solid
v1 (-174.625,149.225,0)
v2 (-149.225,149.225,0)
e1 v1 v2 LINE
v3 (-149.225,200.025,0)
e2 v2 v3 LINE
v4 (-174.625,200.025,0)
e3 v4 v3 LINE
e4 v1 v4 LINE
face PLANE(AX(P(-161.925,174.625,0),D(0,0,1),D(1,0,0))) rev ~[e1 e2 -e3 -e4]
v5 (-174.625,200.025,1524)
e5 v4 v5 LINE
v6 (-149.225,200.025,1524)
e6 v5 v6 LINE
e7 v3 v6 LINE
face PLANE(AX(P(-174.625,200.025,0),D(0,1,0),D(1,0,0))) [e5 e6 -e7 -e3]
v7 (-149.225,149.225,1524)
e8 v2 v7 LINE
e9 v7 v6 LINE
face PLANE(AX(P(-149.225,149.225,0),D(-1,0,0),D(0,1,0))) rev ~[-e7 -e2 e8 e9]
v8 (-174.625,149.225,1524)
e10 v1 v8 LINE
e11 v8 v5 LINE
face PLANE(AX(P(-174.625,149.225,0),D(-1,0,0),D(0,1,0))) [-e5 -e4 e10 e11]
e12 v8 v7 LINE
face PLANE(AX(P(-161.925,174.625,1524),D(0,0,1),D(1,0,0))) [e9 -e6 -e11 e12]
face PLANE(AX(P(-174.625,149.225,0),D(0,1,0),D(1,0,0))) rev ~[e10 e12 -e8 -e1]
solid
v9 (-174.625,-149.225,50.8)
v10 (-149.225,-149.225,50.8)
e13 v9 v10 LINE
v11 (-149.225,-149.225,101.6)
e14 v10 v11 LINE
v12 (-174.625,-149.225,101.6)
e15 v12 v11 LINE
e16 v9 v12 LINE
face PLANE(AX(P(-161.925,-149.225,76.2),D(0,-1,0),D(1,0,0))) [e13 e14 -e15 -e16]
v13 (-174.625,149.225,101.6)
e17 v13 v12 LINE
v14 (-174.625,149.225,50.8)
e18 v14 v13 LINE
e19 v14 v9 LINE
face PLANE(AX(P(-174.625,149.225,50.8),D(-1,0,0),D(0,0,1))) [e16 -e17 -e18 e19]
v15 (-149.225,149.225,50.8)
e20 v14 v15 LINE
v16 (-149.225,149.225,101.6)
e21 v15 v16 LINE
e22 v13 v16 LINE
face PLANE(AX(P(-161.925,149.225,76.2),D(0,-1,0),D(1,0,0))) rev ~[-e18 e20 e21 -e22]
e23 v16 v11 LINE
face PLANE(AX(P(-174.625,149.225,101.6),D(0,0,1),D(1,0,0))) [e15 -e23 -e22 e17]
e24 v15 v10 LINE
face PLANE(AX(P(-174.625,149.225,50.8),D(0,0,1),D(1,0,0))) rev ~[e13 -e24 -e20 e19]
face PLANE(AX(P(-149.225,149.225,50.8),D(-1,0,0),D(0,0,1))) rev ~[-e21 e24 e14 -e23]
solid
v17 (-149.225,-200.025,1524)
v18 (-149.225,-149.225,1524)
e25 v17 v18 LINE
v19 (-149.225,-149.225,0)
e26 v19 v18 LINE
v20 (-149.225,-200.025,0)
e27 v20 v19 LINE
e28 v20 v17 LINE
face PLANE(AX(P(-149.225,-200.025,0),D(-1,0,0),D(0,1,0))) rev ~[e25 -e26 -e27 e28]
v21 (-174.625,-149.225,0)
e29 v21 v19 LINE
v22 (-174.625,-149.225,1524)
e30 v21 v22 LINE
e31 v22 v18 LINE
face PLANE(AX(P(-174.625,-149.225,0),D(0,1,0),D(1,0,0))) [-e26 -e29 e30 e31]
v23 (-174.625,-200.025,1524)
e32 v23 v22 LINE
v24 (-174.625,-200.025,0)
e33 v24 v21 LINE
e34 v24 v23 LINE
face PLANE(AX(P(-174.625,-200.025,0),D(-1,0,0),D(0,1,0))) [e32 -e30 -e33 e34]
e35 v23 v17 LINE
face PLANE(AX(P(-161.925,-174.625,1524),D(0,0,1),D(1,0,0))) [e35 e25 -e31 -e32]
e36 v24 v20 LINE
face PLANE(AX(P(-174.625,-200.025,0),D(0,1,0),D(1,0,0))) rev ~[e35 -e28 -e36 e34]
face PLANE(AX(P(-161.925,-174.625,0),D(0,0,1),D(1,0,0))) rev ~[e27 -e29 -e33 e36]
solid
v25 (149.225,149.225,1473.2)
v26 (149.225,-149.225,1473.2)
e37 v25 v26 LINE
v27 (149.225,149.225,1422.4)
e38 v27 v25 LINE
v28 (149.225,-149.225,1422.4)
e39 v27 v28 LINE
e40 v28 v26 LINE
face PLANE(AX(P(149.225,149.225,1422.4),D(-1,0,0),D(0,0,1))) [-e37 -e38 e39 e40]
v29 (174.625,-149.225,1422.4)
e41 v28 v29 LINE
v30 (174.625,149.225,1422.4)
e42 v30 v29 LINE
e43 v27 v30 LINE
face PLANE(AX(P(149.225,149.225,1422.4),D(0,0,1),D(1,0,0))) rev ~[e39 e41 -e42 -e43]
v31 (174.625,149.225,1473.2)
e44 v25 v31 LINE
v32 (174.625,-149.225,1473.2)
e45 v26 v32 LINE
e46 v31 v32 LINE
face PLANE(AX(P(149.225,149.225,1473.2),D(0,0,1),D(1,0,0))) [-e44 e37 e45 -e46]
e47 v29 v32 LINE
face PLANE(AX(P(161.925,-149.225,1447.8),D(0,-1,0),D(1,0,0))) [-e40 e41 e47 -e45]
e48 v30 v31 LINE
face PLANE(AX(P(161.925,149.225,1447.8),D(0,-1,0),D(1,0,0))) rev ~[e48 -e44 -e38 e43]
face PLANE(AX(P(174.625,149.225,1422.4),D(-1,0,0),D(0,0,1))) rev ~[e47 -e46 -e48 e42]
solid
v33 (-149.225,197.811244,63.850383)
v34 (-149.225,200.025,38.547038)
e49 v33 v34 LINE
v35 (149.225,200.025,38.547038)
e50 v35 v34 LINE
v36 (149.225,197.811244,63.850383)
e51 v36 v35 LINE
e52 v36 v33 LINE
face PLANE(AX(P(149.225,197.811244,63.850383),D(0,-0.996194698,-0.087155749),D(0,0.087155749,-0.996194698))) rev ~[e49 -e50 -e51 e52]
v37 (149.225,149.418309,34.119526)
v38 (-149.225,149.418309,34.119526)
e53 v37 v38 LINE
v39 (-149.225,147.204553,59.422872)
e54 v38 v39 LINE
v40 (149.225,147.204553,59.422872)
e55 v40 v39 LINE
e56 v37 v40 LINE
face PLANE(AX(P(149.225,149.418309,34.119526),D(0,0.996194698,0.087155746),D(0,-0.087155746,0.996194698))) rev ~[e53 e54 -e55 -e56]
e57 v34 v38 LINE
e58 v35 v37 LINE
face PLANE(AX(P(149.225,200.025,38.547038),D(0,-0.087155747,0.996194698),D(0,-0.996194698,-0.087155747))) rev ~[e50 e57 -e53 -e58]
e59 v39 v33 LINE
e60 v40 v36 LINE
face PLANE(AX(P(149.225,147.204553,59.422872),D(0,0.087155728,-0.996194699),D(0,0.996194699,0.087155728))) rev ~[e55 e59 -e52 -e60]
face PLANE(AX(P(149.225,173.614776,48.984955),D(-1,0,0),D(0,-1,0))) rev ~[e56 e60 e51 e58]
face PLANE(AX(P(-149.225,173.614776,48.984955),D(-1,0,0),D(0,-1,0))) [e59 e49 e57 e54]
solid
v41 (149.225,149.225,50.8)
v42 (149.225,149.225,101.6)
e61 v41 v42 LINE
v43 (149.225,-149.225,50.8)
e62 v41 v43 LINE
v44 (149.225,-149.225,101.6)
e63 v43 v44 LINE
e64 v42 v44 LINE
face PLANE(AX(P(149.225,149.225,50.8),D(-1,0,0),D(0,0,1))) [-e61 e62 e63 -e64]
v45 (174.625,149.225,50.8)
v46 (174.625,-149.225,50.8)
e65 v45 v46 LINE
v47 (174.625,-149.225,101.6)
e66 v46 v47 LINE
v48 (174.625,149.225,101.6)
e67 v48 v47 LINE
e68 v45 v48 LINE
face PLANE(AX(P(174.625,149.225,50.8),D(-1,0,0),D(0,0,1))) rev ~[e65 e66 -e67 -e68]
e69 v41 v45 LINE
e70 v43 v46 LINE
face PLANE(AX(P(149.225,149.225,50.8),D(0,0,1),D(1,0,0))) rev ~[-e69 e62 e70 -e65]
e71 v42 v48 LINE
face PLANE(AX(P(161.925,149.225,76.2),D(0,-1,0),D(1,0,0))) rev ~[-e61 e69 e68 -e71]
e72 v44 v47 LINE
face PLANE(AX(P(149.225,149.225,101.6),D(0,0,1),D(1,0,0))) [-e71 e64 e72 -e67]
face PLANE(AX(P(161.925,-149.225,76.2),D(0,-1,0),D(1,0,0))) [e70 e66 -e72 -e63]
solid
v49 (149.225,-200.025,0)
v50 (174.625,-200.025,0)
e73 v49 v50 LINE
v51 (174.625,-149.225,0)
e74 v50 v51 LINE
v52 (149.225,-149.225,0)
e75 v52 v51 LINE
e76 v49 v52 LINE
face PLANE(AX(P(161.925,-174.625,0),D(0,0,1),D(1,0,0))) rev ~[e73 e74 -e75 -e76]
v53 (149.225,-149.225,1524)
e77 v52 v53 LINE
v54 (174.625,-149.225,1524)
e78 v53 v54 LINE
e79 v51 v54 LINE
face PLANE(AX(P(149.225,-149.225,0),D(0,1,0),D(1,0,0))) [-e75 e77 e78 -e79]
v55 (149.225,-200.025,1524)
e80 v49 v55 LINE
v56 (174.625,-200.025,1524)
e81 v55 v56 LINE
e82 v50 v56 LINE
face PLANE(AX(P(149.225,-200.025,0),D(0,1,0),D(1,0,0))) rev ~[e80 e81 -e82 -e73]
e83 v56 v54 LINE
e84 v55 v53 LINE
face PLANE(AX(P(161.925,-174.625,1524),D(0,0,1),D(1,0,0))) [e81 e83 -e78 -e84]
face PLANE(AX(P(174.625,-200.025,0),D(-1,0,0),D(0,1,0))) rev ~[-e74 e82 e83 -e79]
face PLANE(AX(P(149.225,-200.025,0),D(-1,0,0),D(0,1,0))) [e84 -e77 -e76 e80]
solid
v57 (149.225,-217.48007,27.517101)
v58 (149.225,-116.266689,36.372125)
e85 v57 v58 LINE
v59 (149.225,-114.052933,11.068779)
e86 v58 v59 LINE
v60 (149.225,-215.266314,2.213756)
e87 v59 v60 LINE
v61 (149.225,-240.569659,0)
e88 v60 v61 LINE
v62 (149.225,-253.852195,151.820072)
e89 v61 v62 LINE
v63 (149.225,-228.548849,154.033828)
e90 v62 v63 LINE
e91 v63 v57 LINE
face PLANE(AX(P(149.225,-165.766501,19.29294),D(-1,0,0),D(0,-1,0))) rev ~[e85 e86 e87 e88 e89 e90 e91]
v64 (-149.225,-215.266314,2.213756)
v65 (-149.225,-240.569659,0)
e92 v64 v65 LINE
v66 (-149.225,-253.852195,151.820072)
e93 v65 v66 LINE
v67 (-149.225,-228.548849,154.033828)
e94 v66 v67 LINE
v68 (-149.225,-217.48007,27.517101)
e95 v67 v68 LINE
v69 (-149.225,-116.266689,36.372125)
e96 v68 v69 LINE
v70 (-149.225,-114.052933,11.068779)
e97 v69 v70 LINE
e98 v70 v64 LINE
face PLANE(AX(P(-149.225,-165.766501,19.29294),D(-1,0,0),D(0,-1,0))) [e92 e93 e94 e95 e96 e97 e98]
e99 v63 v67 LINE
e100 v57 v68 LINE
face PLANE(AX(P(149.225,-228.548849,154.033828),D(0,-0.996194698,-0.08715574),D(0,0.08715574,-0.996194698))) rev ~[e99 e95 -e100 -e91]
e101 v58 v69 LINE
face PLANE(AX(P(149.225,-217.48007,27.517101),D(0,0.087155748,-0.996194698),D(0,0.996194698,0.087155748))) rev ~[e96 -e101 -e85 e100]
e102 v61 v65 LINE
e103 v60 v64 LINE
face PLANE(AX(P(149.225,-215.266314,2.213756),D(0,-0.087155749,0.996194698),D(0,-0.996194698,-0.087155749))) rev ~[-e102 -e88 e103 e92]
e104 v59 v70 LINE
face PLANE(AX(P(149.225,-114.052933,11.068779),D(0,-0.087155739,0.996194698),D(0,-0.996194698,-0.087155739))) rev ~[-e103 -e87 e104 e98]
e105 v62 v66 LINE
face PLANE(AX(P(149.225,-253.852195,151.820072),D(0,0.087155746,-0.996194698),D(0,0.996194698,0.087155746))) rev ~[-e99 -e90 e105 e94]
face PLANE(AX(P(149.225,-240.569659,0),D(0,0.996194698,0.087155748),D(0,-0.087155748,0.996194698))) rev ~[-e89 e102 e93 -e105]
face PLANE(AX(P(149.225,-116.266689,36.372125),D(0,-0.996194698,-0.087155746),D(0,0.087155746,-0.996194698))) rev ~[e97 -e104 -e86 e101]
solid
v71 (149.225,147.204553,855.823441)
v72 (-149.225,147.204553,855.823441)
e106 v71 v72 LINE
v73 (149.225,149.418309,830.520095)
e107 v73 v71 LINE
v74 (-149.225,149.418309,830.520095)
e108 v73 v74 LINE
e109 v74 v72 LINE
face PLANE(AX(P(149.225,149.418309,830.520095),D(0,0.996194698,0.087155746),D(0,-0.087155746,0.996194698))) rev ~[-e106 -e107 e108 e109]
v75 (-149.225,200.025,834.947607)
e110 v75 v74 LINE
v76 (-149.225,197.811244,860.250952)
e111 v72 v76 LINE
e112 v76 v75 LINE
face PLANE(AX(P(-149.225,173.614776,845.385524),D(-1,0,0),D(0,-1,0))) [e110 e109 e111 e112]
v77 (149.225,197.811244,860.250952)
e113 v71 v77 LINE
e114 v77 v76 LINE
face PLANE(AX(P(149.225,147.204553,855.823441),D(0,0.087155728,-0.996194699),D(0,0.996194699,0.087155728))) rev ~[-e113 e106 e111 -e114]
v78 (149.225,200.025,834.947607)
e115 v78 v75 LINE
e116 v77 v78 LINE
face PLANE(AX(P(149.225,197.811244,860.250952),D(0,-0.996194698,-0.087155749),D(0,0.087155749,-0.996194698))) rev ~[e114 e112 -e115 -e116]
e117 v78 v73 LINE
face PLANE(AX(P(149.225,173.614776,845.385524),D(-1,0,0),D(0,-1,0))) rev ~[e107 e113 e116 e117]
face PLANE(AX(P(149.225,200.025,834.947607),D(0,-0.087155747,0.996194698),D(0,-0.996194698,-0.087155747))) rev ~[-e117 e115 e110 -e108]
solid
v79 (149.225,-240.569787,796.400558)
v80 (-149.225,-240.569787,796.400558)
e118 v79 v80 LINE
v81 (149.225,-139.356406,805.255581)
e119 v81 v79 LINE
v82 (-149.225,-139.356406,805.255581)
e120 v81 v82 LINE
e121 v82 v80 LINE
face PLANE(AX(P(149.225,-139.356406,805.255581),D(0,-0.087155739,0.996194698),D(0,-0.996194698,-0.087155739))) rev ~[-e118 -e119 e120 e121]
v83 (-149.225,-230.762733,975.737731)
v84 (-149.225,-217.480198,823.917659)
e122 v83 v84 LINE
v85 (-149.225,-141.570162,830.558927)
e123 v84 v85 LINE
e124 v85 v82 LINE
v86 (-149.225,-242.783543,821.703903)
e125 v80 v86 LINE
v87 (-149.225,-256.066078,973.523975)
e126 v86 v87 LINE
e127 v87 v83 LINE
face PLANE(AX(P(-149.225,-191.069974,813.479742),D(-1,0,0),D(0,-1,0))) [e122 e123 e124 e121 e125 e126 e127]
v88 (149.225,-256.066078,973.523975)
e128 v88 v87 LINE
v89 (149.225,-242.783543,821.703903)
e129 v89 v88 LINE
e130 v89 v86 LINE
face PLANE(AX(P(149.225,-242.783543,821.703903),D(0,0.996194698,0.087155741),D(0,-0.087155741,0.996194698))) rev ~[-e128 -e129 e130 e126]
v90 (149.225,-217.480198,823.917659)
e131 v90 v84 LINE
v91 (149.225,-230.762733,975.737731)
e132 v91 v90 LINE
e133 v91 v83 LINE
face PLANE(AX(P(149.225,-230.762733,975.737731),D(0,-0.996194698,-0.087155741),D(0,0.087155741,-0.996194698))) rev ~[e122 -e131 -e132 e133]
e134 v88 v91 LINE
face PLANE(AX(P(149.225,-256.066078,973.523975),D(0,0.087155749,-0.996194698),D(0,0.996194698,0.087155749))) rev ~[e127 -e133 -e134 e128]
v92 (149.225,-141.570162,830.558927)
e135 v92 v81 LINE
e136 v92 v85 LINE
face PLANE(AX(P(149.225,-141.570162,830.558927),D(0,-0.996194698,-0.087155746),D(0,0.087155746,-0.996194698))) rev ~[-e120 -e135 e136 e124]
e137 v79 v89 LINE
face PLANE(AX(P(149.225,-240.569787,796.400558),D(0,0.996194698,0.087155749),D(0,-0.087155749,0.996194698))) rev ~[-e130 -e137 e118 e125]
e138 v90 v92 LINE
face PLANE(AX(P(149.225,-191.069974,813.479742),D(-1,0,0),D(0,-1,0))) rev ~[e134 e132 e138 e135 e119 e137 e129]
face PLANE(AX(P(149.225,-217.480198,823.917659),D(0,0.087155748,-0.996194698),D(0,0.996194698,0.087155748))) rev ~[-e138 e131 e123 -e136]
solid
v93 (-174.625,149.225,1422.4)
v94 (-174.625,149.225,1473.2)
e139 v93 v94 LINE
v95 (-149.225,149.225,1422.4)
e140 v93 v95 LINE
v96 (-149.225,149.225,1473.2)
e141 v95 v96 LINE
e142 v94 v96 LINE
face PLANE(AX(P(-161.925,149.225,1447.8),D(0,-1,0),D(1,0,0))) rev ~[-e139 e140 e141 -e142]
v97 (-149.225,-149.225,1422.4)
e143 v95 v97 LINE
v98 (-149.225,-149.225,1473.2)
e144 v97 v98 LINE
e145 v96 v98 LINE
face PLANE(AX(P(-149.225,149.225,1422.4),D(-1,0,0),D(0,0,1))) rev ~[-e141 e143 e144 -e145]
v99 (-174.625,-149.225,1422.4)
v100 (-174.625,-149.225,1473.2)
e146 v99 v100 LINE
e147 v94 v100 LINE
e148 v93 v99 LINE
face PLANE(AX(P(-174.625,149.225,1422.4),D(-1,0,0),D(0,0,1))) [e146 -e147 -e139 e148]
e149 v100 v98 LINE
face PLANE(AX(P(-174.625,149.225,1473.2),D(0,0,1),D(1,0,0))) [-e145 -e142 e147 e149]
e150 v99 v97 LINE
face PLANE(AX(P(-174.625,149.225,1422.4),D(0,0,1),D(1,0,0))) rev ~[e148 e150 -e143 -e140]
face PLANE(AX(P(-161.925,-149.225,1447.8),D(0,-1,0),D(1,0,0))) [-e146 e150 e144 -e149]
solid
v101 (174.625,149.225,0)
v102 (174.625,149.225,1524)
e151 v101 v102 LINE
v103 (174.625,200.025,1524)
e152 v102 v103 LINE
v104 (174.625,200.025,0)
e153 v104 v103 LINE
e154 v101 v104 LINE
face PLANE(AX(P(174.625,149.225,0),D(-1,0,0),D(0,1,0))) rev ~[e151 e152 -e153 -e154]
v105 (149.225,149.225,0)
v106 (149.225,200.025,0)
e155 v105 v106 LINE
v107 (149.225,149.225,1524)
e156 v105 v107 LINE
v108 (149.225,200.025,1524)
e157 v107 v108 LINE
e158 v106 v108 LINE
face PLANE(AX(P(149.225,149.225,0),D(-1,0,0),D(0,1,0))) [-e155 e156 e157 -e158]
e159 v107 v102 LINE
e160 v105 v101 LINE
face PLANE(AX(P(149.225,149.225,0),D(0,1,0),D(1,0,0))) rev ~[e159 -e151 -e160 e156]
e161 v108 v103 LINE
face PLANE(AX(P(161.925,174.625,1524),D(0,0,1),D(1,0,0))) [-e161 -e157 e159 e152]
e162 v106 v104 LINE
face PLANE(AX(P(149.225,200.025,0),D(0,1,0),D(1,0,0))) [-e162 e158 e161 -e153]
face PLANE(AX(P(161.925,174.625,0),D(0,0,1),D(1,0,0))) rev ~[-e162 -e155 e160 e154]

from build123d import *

# Parameters (mm, degrees)
F0_W     = 25.4
F0_H     = 50.8
F1_DEPTH = 1524
F2_W     = 25.4
F2_H     = 50.8
F3_DEPTH = 298.45
F6_DEPTH = 298.45


with BuildPart() as f1:
    # F0 (on Top) → F1 (new body)
    with BuildSketch(Plane.XY):
        with Locations((-161.925, 174.625)):
            Rectangle(F0_W, F0_H)
        with Locations((161.925, 174.625)):
            Rectangle(F0_W, F0_H)
        with Locations((161.925, -174.625)):
            Rectangle(F0_W, F0_H)
        with Locations((-161.925, -174.625)):
            Rectangle(F0_W, F0_H)
    extrude(amount=F1_DEPTH)


with BuildPart() as f3:
    # F2 (on face) → F3 (new body, through all)
    with BuildSketch(Plane.XZ.offset(-149.225)):
        with Locations((161.925, 1447.8)):
            Rectangle(F2_W, F2_H)
        with Locations((-161.925, 1447.8)):
            Rectangle(F2_W, F2_H)
        with Locations((161.925, 76.2)):
            Rectangle(F2_W, F2_H)
        with Locations((-161.925, 76.2)):
            Rectangle(F2_W, F2_H)
    extrude(amount=F3_DEPTH)


with BuildPart() as f6:
    # F5 (on face) → F6 (new body, through all)
    with BuildSketch(Plane(origin=(149.225, 0, 0), x_dir=(0, -1, 0), z_dir=(-1, 0, 0))):
        Polygon((-147.204553, 855.823441), (-197.811244, 860.250952), (-200.025, 834.947607), (-149.418309, 830.520095), align=None)
        Polygon((217.480198, 823.917659), (141.570162, 830.558927), (139.356406, 805.255581), (240.569787, 796.400558), (242.783543, 821.703903), align=None)
        Polygon((230.762733, 975.737731), (217.480198, 823.917659), (242.783543, 821.703903), (256.066078, 973.523975), align=None)
        Polygon((217.48007, 27.517101), (116.266689, 36.372125), (114.052933, 11.068779), (215.266314, 2.213756), align=None)
        Polygon((228.548849, 154.033828), (217.48007, 27.517101), (215.266314, 2.213756), (240.569659, 0), (253.852195, 151.820072), align=None)
        Polygon((-197.811244, 63.850383), (-200.025, 38.547038), (-149.418309, 34.119526), (-147.204553, 59.422872), align=None)
    extrude(amount=F6_DEPTH)


solid = Compound([f1.part, f3.part, f6.part])
